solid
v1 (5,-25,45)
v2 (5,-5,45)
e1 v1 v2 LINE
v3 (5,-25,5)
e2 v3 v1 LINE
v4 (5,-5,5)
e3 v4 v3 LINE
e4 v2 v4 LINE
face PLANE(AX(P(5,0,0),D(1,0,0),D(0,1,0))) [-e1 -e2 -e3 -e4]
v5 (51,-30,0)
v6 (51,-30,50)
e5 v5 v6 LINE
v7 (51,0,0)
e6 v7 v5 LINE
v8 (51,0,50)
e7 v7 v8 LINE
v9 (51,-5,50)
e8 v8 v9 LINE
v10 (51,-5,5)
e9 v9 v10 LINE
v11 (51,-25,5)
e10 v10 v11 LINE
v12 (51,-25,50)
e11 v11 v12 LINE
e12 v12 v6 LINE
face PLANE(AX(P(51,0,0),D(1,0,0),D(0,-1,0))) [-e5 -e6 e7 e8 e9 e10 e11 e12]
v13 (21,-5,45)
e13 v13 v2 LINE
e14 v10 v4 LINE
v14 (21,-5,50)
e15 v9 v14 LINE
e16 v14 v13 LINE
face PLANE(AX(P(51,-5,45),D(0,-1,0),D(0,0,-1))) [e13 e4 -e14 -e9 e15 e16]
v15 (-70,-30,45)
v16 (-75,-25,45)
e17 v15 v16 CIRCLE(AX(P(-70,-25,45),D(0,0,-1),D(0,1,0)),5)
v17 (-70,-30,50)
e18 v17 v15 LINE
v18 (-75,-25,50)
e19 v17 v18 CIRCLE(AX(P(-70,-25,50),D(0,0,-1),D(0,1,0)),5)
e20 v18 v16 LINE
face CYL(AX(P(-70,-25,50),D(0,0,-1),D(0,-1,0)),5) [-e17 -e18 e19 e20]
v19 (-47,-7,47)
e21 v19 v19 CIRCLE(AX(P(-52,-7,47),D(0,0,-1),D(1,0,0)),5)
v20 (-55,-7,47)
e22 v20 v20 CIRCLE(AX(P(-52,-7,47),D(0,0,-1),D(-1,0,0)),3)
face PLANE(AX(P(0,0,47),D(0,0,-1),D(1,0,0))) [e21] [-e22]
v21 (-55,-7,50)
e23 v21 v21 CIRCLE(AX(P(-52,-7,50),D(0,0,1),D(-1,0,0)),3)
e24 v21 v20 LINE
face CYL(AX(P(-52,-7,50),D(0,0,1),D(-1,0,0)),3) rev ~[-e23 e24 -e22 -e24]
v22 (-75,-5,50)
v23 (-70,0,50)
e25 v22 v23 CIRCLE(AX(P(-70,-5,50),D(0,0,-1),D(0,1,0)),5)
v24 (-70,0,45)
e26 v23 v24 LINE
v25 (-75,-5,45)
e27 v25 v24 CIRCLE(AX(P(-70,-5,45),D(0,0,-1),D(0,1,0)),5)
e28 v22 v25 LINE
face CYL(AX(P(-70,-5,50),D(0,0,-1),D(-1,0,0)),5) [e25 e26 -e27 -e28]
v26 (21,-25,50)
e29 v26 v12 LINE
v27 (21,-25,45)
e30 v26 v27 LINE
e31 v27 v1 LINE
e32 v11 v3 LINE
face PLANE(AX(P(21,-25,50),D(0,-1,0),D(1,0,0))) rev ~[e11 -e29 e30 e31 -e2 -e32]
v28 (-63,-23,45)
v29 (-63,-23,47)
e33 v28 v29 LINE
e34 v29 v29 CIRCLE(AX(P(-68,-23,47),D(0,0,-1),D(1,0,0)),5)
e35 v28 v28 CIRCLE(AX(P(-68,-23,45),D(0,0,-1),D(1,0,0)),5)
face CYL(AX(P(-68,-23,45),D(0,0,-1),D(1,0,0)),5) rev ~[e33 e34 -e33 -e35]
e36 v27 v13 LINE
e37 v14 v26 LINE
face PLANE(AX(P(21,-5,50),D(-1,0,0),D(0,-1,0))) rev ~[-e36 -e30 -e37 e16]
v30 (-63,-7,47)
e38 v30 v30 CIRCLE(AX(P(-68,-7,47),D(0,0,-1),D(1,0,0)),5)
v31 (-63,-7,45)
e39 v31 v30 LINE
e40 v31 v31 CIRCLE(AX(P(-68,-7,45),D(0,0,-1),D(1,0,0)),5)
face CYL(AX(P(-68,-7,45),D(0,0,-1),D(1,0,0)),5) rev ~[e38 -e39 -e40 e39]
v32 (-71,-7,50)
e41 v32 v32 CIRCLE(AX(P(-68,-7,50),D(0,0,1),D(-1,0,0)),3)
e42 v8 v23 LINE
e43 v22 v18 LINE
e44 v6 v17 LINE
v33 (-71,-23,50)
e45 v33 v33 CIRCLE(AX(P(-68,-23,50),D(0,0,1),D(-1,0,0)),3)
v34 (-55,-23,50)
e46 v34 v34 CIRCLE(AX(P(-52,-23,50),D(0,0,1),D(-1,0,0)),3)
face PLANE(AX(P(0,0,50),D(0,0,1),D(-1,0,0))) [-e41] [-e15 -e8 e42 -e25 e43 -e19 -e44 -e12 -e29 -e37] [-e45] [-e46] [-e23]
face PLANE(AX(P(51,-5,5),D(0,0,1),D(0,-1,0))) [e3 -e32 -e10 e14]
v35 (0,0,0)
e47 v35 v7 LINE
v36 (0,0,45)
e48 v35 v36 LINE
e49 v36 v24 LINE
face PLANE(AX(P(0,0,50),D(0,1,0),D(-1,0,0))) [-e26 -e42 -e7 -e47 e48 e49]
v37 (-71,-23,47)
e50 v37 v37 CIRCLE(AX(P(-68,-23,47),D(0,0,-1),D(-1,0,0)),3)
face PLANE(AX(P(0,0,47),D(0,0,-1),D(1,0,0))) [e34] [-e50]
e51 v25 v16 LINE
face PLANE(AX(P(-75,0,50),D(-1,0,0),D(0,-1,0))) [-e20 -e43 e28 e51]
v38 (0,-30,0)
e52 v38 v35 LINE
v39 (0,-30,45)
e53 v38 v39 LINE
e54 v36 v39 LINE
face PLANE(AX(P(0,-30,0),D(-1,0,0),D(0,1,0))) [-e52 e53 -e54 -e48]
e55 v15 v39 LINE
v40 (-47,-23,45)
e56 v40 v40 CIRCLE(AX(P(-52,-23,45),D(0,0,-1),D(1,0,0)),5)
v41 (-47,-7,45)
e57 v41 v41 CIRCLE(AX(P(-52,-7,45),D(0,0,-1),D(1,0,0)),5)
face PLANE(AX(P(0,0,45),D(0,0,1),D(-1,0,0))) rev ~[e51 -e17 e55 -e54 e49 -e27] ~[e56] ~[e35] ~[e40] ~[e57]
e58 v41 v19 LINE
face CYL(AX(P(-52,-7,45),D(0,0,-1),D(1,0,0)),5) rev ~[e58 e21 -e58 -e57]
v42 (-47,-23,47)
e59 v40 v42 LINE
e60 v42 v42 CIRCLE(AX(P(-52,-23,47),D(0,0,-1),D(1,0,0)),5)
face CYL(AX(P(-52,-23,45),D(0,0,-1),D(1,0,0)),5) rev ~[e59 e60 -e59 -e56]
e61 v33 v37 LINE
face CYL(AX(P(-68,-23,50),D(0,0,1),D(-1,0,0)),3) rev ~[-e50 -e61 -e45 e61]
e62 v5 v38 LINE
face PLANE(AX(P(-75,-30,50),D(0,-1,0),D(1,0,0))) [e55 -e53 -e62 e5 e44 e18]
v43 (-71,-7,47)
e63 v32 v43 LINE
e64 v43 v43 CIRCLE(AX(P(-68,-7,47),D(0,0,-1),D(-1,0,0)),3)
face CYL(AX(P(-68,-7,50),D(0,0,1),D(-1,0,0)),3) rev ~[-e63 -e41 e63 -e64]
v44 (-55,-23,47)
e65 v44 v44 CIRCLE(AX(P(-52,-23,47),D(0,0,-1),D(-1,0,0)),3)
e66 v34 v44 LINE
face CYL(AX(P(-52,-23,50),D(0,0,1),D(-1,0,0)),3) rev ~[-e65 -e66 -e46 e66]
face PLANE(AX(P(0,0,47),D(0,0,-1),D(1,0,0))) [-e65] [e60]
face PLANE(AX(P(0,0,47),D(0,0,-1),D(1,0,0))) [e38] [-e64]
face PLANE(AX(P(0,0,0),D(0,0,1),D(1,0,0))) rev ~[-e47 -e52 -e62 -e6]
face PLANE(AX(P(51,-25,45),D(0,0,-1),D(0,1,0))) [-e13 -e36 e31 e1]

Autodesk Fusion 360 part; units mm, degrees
sketch "Sketch1" plane through (0, 0, 0) normal (0, 0, 1) x (1, 0, 0)
  line L0 (0, 0) -> (51, 0)
  line L1 (51, 0) -> (51, -30)
  line L2 (51, -30) -> (0, -30)
  line L3 (0, -30) -> (0, 0)
  dimension "d1" = 51
  dimension "d2" = 30
extrude "Extrude1" add sketch "Sketch1" along normal blind 50
sketch "Sketch2" plane through (51, 0, 0) normal (1, 0, 0) x (0, 1, 0)
  line L0 (-30, 0) -> (0, 0)
  line L1 (0, 0) -> (0, 50)
  line L2 (0, 50) -> (-30, 50)
  line L3 (-30, 50) -> (-30, 0)
  line L4 (-5, 5) -> (-25, 5)
  line L5 (-25, 5) -> (-25, 45)
  line L6 (-25, 45) -> (-5, 45)
  line L7 (-5, 45) -> (-5, 5)
  dimension "d5" = 20
  dimension "d6" = 40
extrude "Extrude2" cut sketch "Sketch2" against normal blind 46 contours L4 L5 L6 L7
sketch "Sketch3" plane through (0, 0, 50) normal (0, 0, 1) x (-1, 0, 0)
  line L0 (0, 30) -> (-51, 30)
  line L1 (-51, 30) -> (-51, 0)
  line L2 (-51, 0) -> (0, 0)
  line L3 (0, 0) -> (0, 30)
  line L4 (-51, 5) -> (-21, 5)
  line L5 (-21, 5) -> (-21, 25)
  line L6 (-21, 25) -> (-51, 25)
  line L7 (-51, 25) -> (-51, 5)
  dimension "d9" = 30
  dimension "d10" = 20
extrude "Extrude3" cut sketch "Sketch3" against normal blind 6 contours L1 L4 L5 L6 L7
sketch "Sketch4" plane through (0, 0, 50) normal (0, 0, 1) x (-1, 0, 0)
  line L0 (-51, 25) -> (-21, 25)
  line L1 (-21, 25) -> (-21, 5)
  line L2 (-21, 5) -> (-51, 5)
  line L3 (-51, 5) -> (-51, 0)
  line L4 (-51, 0) -> (0, 0)
  line L5 (0, 0) -> (0, 30)
  line L6 (0, 30) -> (-51, 30)
  line L7 (-51, 30) -> (-51, 25)
  line L8 (0, 0) -> (75, 0)
  line L9 (75, 0) -> (75, 30)
  line L10 (75, 30) -> (0, 30)
  line L11 (0, 30) -> (0, 0)
  dimension "d13" = 75
  dimension "d14" = 30
extrude "Extrude4" add sketch "Sketch4" against normal blind 5 contours L5 L8 L9 L10 L11
sketch "Sketch5" plane through (0, 0, 50) normal (0, 0, 1) x (-1, 0, 0)
  line L0 (-51, 25) -> (-21, 25)
  line L1 (-21, 25) -> (-21, 5)
  line L2 (-21, 5) -> (-51, 5)
  line L3 (-51, 5) -> (-51, 0)
  line L4 (-51, 0) -> (75, 0)
  line L5 (75, 0) -> (75, 30)
  line L6 (75, 30) -> (-51, 30)
  line L7 (-51, 30) -> (-51, 25)
  circle A0 centre (68, 7) radius 3
  circle A1 centre (68, 23) radius 3
  circle A2 centre (52, 7) radius 3
  circle A3 centre (52, 23) radius 3
  dimension "d17" = 6
  dimension "d18" = 6
  dimension "d19" = 6
  dimension "d20" = 6
extrude "Extrude5" cut sketch "Sketch5" against normal blind 5 contours A0 | A1 | A2 | A3
sketch "Sketch6" plane through (0, 0, 45) normal (0, 0, -1) x (1, 0, 0)
  circle A0 centre (-68, 23) radius 3
  circle A1 centre (-68, 7) radius 3
  circle A2 centre (-52, 23) radius 3
  circle A3 centre (-52, 7) radius 3
  line L0 (0, 0) -> (0, 30)
  line L1 (0, 30) -> (-75, 30)
  line L2 (-75, 30) -> (-75, 0)
  line L3 (-75, 0) -> (0, 0)
  circle A4 centre (-68, 23) radius 5
  circle A5 centre (-52, 23) radius 5
  circle A6 centre (-68, 7) radius 5
  circle A7 centre (-52, 7) radius 5
  dimension "d23" = 10
  dimension "d24" = 10
  dimension "d25" = 10
  dimension "d26" = 10
extrude "Extrude6" cut sketch "Sketch6" against normal blind 2 contours A4 | A5 | A6 | A7
fillet "Fillet1" radius 5 2 edges at (-75, -30, 47.5) (-75, 0, 47.5)
